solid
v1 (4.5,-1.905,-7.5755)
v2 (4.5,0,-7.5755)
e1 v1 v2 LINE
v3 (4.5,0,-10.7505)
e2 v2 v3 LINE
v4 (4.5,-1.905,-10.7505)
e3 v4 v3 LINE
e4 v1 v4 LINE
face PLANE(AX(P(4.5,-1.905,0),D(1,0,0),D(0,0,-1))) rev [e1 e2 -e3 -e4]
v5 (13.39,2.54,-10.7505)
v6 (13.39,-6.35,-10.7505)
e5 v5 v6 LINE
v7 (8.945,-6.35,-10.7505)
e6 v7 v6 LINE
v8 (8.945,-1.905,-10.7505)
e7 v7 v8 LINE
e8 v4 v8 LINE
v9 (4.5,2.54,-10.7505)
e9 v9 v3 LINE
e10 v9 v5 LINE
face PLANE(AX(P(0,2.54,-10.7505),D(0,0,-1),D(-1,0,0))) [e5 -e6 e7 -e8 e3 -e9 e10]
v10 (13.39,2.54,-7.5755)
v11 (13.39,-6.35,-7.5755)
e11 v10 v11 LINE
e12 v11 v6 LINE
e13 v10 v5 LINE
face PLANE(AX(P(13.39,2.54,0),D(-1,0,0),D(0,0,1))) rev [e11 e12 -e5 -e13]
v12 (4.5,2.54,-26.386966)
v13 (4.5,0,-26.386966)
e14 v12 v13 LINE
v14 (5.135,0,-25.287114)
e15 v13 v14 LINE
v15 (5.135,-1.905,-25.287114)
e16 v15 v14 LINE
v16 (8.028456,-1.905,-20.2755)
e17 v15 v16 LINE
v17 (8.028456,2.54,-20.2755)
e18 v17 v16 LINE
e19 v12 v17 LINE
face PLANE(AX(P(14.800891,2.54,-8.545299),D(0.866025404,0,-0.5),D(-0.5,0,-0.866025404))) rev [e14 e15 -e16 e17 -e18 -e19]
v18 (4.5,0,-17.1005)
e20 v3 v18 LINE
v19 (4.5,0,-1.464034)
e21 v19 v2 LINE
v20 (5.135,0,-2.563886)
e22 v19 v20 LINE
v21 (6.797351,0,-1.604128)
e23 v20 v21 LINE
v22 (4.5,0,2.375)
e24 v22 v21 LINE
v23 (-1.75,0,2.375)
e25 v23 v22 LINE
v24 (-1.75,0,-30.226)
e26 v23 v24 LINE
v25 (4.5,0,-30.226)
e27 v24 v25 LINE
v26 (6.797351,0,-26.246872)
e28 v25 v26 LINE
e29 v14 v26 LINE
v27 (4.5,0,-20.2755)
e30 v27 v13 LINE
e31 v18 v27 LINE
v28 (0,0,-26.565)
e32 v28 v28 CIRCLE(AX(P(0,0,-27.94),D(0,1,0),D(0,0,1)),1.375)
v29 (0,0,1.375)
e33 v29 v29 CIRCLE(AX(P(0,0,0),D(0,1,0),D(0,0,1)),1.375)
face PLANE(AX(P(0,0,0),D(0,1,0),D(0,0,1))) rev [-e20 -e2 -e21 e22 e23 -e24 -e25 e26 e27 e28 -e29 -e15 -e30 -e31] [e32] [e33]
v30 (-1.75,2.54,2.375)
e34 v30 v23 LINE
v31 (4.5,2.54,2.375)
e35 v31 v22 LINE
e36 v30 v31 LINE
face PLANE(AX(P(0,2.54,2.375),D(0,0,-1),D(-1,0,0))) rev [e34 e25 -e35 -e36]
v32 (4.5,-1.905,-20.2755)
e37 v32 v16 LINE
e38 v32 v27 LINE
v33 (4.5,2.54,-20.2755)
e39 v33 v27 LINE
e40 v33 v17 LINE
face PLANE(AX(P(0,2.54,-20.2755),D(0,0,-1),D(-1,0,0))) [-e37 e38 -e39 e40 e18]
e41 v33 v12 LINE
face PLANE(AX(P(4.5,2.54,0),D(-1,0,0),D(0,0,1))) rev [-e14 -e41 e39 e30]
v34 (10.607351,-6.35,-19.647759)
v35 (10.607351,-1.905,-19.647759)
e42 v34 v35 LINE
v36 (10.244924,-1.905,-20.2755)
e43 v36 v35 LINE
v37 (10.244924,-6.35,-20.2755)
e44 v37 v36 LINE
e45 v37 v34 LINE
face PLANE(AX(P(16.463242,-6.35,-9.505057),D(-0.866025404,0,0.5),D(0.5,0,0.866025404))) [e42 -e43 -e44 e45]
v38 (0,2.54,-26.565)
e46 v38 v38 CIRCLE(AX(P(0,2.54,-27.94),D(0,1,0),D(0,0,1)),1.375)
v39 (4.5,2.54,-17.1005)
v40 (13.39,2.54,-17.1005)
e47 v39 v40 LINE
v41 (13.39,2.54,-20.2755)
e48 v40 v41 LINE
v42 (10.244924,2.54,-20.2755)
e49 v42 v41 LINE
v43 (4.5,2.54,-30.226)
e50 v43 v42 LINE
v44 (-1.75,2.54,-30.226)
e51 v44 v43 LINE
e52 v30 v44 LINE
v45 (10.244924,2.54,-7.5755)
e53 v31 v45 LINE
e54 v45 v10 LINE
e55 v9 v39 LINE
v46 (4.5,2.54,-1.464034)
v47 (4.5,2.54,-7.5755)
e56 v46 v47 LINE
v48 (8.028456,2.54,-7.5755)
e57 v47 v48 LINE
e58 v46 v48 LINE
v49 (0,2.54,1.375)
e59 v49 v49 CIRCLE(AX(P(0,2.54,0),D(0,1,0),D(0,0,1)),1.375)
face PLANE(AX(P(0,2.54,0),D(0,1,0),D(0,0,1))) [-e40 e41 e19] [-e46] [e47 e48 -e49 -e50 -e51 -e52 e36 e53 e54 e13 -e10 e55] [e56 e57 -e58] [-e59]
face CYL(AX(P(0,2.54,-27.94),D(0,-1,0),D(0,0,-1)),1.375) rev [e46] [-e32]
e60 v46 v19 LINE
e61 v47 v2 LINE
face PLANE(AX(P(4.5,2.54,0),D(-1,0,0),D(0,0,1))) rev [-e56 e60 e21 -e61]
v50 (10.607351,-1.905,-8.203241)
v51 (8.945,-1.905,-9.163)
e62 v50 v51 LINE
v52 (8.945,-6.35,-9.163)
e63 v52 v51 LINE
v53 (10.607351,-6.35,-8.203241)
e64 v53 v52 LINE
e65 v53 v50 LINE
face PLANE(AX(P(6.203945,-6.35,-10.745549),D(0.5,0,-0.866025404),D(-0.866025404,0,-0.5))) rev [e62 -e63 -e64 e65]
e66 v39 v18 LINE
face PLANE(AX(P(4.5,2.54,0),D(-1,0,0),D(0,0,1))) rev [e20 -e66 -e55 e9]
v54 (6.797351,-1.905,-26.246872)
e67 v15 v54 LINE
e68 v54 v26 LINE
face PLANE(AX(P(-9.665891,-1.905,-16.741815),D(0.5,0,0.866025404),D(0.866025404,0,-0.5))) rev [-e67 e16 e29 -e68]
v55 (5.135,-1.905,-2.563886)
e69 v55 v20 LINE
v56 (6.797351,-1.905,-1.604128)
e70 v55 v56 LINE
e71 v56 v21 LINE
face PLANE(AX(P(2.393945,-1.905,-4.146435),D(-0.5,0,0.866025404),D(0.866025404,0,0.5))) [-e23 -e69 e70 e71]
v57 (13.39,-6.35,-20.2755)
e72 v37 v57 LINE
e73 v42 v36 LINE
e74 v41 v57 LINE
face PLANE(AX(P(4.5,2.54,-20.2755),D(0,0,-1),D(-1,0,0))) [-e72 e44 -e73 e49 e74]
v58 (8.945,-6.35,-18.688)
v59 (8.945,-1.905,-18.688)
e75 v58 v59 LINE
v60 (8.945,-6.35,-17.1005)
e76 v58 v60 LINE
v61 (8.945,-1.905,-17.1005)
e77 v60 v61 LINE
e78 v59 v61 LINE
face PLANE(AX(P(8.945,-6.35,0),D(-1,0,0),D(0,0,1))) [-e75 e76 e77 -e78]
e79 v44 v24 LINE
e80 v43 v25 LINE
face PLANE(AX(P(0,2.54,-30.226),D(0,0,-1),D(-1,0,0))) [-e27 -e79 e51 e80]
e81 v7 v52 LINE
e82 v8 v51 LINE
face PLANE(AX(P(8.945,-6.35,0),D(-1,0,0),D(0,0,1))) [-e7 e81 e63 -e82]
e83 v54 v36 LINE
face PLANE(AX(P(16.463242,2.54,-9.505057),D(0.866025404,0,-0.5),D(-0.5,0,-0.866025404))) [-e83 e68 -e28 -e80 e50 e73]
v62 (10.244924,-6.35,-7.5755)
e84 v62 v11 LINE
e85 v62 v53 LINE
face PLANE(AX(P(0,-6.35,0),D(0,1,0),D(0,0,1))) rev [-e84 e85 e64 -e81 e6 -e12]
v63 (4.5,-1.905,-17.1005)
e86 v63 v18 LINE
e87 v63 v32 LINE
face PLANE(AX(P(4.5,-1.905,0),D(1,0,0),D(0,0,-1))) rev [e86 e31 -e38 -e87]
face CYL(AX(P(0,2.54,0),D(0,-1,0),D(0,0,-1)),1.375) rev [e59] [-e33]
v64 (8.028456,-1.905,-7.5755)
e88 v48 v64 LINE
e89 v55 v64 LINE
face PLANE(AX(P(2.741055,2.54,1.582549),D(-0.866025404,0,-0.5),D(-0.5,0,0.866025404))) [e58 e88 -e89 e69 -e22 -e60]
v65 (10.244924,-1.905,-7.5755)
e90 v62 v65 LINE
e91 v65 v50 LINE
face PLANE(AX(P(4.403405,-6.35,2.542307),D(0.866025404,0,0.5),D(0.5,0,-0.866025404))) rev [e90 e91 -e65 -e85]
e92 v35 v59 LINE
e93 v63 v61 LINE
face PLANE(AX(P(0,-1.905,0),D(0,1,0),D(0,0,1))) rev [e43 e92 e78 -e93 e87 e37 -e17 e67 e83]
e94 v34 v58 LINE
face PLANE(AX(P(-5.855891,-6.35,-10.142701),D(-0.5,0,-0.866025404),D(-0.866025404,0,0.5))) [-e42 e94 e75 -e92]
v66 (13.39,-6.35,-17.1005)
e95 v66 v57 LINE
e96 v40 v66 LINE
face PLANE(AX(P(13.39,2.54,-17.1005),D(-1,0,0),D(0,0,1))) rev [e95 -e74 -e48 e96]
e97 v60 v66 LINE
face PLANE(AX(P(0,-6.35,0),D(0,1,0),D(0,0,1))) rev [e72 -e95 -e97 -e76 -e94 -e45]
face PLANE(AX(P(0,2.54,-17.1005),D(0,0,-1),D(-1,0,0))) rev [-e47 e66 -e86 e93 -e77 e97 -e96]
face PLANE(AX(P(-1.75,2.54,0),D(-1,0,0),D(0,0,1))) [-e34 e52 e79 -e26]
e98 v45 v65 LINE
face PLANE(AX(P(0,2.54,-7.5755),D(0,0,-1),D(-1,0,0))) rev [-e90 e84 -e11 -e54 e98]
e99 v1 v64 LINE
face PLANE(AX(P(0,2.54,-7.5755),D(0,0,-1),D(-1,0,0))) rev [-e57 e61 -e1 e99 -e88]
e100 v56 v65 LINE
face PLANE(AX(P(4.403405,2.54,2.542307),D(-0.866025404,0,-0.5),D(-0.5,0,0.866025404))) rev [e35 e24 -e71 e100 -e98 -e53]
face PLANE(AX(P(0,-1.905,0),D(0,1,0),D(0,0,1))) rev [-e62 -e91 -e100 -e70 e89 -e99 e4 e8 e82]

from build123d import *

# Parameters (mm, degrees)
SKETCH1_R           = 1.375
BOSS_EXTRUDE1_DEPTH = 2.54
BOSS_EXTRUDE3_DEPTH = 1.905
BOSS_EXTRUDE4_DEPTH = 6.35


with BuildPart() as part:
    # Sketch1 → Boss-Extrude1 (new body)
    with BuildSketch(Plane(origin=(0, 0, 0), x_dir=(1, 0, 0), z_dir=(0, 1, 0))):
        Polygon((4.5, 10.7505), (4.5, 17.1005), (13.39, 17.1005), (13.39, 20.2755), (10.244923854, 20.2755), (4.5, 30.226), (-1.75, 30.226), (-1.75, -2.375), (4.5, -2.375), (10.244923854, 7.5755), (13.39, 7.5755), (13.39, 10.7505), align=None)
        Polygon((4.5, 20.2755), (4.5, 26.38696584), (8.028456448, 20.2755), align=None, mode=Mode.SUBTRACT)
        Polygon((4.5, 7.5755), (8.028456448, 7.5755), (4.5, 1.46403416), align=None, mode=Mode.SUBTRACT)
        with Locations((0, 27.94)):
            Circle(SKETCH1_R, mode=Mode.SUBTRACT)
        Circle(SKETCH1_R, mode=Mode.SUBTRACT)
    extrude(amount=BOSS_EXTRUDE1_DEPTH)

    # Sketch1<3> → Boss-Extrude3 (add)
    with BuildSketch(Plane(origin=(0, 0, 0), x_dir=(1, 0, 0), z_dir=(0, 1, 0))):
        Polygon((10.244923854, 20.2755), (6.797350554, 26.246872117), (5.135, 25.287113577), (8.028456448, 20.2755), (4.5, 20.2755), (4.5, 17.1005), (13.39, 17.1005), (13.39, 20.2755), align=None)
        Polygon((4.5, 10.7505), (4.5, 7.5755), (8.028456448, 7.5755), (5.135, 2.563886423), (6.797350554, 1.604127883), (10.244923854, 7.5755), (13.39, 7.5755), (13.39, 10.7505), align=None)
    extrude(amount=-BOSS_EXTRUDE3_DEPTH)

    # Sketch1<4> → Boss-Extrude4 (add)
    with BuildSketch(Plane(origin=(0, 0, 0), x_dir=(1, 0, 0), z_dir=(0, 1, 0))):
        Polygon((13.39, 20.2755), (10.244923854, 20.2755), (10.607350554, 19.64775854), (8.945, 18.688), (8.945, 17.1005), (13.39, 17.1005), align=None)
        Polygon((13.39, 10.7505), (8.945, 10.7505), (8.945, 9.163), (10.607350554, 8.20324146), (10.244923854, 7.5755), (13.39, 7.5755), align=None)
    extrude(amount=-BOSS_EXTRUDE4_DEPTH)


solid = part.part
